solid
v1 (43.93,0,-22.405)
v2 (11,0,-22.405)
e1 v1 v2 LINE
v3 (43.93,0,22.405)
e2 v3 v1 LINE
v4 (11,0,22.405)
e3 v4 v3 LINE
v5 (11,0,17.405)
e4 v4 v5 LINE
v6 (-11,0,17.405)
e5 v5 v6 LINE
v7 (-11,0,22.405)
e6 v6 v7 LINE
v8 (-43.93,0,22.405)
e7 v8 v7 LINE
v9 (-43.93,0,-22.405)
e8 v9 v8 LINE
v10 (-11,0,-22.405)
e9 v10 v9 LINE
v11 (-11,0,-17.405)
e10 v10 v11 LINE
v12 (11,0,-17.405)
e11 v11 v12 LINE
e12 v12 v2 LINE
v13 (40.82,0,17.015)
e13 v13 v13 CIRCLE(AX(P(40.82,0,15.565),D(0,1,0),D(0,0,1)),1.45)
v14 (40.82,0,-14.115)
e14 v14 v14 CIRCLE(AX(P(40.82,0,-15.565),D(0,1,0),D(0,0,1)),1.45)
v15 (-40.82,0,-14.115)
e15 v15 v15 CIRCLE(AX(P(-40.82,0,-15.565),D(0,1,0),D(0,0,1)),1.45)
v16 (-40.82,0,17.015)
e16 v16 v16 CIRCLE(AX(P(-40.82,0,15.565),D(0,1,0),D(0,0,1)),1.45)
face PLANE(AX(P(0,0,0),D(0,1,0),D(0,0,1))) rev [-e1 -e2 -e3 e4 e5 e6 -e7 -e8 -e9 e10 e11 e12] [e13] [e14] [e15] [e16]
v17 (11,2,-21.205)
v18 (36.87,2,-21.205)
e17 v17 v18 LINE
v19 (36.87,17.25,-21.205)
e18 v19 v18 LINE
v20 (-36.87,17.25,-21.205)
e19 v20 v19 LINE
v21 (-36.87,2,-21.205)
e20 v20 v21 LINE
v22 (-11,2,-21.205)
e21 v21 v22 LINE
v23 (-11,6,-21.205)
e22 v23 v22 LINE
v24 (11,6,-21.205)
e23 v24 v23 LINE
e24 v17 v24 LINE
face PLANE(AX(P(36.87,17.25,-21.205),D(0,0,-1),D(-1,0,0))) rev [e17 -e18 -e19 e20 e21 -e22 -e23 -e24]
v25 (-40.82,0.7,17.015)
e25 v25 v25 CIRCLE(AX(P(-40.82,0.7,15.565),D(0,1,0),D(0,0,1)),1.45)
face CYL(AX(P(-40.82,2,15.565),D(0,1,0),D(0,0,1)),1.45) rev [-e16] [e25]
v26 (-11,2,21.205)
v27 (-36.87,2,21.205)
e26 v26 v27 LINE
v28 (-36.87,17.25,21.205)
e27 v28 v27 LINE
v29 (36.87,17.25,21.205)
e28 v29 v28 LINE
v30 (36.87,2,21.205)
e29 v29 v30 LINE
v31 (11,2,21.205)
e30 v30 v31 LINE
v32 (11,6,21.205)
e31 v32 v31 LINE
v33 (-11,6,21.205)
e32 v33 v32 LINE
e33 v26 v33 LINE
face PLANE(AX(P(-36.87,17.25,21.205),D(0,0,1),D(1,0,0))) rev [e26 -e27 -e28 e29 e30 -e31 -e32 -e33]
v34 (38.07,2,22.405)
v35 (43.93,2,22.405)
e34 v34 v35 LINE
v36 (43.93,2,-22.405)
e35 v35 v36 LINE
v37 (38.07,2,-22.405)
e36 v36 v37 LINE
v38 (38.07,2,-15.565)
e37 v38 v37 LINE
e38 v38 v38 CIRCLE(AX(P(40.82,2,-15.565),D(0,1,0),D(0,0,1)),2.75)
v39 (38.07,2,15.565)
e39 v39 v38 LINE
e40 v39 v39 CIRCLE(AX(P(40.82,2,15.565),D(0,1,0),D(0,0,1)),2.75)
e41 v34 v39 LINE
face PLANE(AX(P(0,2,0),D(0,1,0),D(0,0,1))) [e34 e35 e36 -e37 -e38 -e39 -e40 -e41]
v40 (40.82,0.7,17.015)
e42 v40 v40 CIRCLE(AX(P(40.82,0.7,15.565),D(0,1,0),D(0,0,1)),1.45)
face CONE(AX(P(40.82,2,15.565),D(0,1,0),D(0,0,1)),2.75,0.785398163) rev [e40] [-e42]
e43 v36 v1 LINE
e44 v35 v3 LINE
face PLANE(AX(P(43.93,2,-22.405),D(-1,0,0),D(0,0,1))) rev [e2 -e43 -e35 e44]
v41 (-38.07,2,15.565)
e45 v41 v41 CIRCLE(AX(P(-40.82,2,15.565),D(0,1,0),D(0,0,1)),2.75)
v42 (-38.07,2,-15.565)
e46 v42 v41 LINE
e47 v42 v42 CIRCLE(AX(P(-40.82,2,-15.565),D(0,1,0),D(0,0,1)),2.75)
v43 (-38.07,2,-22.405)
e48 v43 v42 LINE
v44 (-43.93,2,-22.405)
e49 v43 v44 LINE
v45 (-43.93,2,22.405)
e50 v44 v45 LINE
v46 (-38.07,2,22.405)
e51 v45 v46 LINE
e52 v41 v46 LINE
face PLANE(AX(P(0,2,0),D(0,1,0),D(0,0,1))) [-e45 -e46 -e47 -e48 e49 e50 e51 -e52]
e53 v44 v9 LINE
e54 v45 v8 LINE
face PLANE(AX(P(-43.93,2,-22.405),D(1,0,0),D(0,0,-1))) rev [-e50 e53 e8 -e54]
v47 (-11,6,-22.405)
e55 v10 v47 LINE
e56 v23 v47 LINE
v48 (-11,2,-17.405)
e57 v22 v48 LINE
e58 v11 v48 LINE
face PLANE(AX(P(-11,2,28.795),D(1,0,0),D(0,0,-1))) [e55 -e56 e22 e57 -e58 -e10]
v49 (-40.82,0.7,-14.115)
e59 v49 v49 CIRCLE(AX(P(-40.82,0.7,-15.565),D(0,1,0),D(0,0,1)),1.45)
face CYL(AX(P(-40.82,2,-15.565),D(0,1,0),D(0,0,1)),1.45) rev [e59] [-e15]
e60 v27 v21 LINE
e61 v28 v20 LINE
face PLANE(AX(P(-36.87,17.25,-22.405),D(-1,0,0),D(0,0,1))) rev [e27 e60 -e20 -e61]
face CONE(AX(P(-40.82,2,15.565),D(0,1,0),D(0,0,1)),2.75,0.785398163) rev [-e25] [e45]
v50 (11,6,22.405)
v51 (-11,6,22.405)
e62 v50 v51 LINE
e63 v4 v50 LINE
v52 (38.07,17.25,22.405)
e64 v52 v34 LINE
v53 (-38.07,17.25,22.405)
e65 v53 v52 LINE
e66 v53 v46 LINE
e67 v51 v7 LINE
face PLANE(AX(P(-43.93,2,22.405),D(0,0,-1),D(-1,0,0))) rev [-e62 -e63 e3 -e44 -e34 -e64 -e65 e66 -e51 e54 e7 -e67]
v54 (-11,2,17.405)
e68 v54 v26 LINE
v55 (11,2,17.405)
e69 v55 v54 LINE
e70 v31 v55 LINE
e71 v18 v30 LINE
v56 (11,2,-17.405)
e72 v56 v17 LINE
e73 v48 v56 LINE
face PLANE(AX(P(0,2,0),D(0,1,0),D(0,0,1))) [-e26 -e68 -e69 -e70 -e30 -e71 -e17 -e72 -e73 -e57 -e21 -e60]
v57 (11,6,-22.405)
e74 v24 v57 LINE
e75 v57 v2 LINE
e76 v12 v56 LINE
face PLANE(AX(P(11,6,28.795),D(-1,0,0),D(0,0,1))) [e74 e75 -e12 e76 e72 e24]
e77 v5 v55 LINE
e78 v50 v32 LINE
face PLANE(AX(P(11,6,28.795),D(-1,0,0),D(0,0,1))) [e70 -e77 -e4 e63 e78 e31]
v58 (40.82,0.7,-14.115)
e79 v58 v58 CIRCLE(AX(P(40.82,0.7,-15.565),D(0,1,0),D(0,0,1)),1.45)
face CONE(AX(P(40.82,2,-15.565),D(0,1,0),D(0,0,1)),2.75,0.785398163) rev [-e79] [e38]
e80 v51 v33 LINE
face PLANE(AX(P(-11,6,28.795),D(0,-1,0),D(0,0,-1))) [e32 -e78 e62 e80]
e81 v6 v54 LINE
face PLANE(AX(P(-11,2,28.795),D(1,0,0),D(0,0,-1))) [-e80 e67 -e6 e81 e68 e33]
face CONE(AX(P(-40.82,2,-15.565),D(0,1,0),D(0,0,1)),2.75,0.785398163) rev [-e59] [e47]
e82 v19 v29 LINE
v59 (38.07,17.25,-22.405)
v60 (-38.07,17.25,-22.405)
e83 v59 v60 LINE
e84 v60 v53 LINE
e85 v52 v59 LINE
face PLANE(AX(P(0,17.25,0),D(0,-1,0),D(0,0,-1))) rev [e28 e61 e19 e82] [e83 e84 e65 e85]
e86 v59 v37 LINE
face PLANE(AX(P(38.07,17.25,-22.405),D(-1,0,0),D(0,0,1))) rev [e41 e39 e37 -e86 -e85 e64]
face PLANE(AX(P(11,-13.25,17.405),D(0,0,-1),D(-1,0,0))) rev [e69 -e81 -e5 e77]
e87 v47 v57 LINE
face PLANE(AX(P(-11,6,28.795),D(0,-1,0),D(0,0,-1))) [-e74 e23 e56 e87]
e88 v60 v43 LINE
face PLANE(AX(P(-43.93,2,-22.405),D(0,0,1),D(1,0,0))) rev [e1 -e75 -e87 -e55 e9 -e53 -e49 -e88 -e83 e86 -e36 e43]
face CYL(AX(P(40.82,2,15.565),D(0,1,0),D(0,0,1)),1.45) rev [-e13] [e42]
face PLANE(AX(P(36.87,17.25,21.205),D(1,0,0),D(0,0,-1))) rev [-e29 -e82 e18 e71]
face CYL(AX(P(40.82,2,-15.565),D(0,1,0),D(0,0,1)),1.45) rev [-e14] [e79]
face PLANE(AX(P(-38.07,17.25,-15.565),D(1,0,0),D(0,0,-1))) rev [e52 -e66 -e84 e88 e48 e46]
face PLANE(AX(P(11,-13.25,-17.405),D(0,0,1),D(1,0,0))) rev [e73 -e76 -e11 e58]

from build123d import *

# Parameters (mm, degrees)
SKETCH1_W                                    = 87.86
SKETCH1_H                                    = 44.81
BOSS_EXTRUDE1_DEPTH                          = 2
CSK_FOR_M2_5_COUNTERSUNK_FLAT_HEAD_S_2_COUNT = 2
CSK_FOR_M2_5_COUNTERSUNK_FLAT_HEAD_S_2_PITCH = 31.13
CSK_FOR_M2_5_COUNTERSUNK_FLAT_HEAD_S_3_COUNT = 2
CSK_FOR_M2_5_COUNTERSUNK_FLAT_HEAD_S_3_PITCH = 87.373717444
CSK_FOR_M2_5_COUNTERSUNK_FLAT_HEAD_S_4_COUNT = 2
CSK_FOR_M2_5_COUNTERSUNK_FLAT_HEAD_S_4_PITCH = 81.64
BOSS_EXTRUDE2_DEPTH                          = 15.25
BOSS_EXTRUDE3_DEPTH                          = 15.25
CUT_EXTRUDE1_DEPTH                           = 50
CUT_EXTRUDE1_DEPTH_BACK                      = 15.25
CUT_EXTRUDE4_DEPTH                           = 15.25
SKETCH11_W                                   = 22
SKETCH11_H                                   = 5
CUT_EXTRUDE5_DEPTH                           = 15.25


with BuildPart() as part:
    # Sketch1 → Boss-Extrude1 (new body)
    with BuildSketch(Plane(origin=(0, 0, 0), x_dir=(1, 0, 0), z_dir=(0, 1, 0))):
        Rectangle(SKETCH1_W, SKETCH1_H)
    extrude(amount=BOSS_EXTRUDE1_DEPTH)

    # Sketch3 → CSK for M2.5 Countersunk Flat Head Screw1 (revolve, cut)
    with BuildSketch(Plane(origin=(-40.82, 2, -15.565), x_dir=(0, 0, 1), z_dir=(1, 0, 0))):
        Polygon((0, 0), (0, 2), (1.45, 2), (1.45, 1.3), (2.75, 0), align=None)
    csk_for_m2_5_countersunk_flat_head_screw = revolve(axis=Axis((-40.82, 8.35, -15.565), (0, -1, 0)), mode=Mode.SUBTRACT)

    # CSK for M2.5 Countersunk Flat Head S 2: CSK for M2.5 Countersunk Flat Head Screw1 ×2
    with Locations(*[(0, 0, i * CSK_FOR_M2_5_COUNTERSUNK_FLAT_HEAD_S_2_PITCH) for i in range(1, CSK_FOR_M2_5_COUNTERSUNK_FLAT_HEAD_S_2_COUNT)]):
        add(csk_for_m2_5_countersunk_flat_head_screw, mode=Mode.SUBTRACT)

    # CSK for M2.5 Countersunk Flat Head S 3: CSK for M2.5 Countersunk Flat Head Screw1 ×2
    with Locations(*[Vector(0.9343770917408808, 0, 0.35628563040046085) * (i * CSK_FOR_M2_5_COUNTERSUNK_FLAT_HEAD_S_3_PITCH) for i in range(1, CSK_FOR_M2_5_COUNTERSUNK_FLAT_HEAD_S_3_COUNT)]):
        add(csk_for_m2_5_countersunk_flat_head_screw, mode=Mode.SUBTRACT)

    # CSK for M2.5 Countersunk Flat Head S 4: CSK for M2.5 Countersunk Flat Head Screw1 ×2
    with Locations(*[(i * CSK_FOR_M2_5_COUNTERSUNK_FLAT_HEAD_S_4_PITCH, 0, 0) for i in range(1, CSK_FOR_M2_5_COUNTERSUNK_FLAT_HEAD_S_4_COUNT)]):
        add(csk_for_m2_5_countersunk_flat_head_screw, mode=Mode.SUBTRACT)

    # Sketch5 → Boss-Extrude2 (add)
    with BuildSketch(Plane(origin=(0, 2, 0), x_dir=(1, 0, 0), z_dir=(0, 1, 0))):
        Polygon((-38.07, 15.565), (-38.07, 22.405), (-36.87, 22.405), (-36.87, -22.405), (-38.07, -22.405), align=None)
    extrude(amount=BOSS_EXTRUDE2_DEPTH)

    # Sketch6 → Boss-Extrude3 (add)
    with BuildSketch(Plane(origin=(0, 2, 0), x_dir=(1, 0, 0), z_dir=(0, 1, 0))):
        Polygon((-36.87, 22.405), (38.07, 22.405), (38.07, -22.405), (-36.87, -22.405), (-36.87, -21.205), (36.87, -21.205), (36.87, 21.205), (-36.87, 21.205), align=None)
    extrude(amount=BOSS_EXTRUDE3_DEPTH)

    # Sketch7 → Cut-Extrude1 (cut, two sides: drawn at the far end of the back side and taken through both)
    with BuildSketch(Plane.XY.offset(-21.205).offset(-CUT_EXTRUDE1_DEPTH_BACK)):
        Polygon((0, 2), (-11, 2), (-11, 6), (11, 6), (11, 2), align=None)
    extrude(amount=CUT_EXTRUDE1_DEPTH + CUT_EXTRUDE1_DEPTH_BACK, mode=Mode.SUBTRACT)

    # Sketch10 → Cut-Extrude4 (cut)
    with BuildSketch(Plane(origin=(0, 2, 0), x_dir=(1, 0, 0), z_dir=(0, 1, 0))):
        Polygon((-11, 21.205), (-11, 22.405), (11, 22.405), (11, 17.405), (-11, 17.405), align=None)
    extrude(amount=-CUT_EXTRUDE4_DEPTH, mode=Mode.SUBTRACT)

    # Sketch11 → Cut-Extrude5 (cut)
    with BuildSketch(Plane(origin=(0, 2, 0), x_dir=(1, 0, 0), z_dir=(0, 1, 0))):
        with Locations((0, -19.905)):
            Rectangle(SKETCH11_W, SKETCH11_H)
    extrude(amount=-CUT_EXTRUDE5_DEPTH, mode=Mode.SUBTRACT)


solid = part.part
